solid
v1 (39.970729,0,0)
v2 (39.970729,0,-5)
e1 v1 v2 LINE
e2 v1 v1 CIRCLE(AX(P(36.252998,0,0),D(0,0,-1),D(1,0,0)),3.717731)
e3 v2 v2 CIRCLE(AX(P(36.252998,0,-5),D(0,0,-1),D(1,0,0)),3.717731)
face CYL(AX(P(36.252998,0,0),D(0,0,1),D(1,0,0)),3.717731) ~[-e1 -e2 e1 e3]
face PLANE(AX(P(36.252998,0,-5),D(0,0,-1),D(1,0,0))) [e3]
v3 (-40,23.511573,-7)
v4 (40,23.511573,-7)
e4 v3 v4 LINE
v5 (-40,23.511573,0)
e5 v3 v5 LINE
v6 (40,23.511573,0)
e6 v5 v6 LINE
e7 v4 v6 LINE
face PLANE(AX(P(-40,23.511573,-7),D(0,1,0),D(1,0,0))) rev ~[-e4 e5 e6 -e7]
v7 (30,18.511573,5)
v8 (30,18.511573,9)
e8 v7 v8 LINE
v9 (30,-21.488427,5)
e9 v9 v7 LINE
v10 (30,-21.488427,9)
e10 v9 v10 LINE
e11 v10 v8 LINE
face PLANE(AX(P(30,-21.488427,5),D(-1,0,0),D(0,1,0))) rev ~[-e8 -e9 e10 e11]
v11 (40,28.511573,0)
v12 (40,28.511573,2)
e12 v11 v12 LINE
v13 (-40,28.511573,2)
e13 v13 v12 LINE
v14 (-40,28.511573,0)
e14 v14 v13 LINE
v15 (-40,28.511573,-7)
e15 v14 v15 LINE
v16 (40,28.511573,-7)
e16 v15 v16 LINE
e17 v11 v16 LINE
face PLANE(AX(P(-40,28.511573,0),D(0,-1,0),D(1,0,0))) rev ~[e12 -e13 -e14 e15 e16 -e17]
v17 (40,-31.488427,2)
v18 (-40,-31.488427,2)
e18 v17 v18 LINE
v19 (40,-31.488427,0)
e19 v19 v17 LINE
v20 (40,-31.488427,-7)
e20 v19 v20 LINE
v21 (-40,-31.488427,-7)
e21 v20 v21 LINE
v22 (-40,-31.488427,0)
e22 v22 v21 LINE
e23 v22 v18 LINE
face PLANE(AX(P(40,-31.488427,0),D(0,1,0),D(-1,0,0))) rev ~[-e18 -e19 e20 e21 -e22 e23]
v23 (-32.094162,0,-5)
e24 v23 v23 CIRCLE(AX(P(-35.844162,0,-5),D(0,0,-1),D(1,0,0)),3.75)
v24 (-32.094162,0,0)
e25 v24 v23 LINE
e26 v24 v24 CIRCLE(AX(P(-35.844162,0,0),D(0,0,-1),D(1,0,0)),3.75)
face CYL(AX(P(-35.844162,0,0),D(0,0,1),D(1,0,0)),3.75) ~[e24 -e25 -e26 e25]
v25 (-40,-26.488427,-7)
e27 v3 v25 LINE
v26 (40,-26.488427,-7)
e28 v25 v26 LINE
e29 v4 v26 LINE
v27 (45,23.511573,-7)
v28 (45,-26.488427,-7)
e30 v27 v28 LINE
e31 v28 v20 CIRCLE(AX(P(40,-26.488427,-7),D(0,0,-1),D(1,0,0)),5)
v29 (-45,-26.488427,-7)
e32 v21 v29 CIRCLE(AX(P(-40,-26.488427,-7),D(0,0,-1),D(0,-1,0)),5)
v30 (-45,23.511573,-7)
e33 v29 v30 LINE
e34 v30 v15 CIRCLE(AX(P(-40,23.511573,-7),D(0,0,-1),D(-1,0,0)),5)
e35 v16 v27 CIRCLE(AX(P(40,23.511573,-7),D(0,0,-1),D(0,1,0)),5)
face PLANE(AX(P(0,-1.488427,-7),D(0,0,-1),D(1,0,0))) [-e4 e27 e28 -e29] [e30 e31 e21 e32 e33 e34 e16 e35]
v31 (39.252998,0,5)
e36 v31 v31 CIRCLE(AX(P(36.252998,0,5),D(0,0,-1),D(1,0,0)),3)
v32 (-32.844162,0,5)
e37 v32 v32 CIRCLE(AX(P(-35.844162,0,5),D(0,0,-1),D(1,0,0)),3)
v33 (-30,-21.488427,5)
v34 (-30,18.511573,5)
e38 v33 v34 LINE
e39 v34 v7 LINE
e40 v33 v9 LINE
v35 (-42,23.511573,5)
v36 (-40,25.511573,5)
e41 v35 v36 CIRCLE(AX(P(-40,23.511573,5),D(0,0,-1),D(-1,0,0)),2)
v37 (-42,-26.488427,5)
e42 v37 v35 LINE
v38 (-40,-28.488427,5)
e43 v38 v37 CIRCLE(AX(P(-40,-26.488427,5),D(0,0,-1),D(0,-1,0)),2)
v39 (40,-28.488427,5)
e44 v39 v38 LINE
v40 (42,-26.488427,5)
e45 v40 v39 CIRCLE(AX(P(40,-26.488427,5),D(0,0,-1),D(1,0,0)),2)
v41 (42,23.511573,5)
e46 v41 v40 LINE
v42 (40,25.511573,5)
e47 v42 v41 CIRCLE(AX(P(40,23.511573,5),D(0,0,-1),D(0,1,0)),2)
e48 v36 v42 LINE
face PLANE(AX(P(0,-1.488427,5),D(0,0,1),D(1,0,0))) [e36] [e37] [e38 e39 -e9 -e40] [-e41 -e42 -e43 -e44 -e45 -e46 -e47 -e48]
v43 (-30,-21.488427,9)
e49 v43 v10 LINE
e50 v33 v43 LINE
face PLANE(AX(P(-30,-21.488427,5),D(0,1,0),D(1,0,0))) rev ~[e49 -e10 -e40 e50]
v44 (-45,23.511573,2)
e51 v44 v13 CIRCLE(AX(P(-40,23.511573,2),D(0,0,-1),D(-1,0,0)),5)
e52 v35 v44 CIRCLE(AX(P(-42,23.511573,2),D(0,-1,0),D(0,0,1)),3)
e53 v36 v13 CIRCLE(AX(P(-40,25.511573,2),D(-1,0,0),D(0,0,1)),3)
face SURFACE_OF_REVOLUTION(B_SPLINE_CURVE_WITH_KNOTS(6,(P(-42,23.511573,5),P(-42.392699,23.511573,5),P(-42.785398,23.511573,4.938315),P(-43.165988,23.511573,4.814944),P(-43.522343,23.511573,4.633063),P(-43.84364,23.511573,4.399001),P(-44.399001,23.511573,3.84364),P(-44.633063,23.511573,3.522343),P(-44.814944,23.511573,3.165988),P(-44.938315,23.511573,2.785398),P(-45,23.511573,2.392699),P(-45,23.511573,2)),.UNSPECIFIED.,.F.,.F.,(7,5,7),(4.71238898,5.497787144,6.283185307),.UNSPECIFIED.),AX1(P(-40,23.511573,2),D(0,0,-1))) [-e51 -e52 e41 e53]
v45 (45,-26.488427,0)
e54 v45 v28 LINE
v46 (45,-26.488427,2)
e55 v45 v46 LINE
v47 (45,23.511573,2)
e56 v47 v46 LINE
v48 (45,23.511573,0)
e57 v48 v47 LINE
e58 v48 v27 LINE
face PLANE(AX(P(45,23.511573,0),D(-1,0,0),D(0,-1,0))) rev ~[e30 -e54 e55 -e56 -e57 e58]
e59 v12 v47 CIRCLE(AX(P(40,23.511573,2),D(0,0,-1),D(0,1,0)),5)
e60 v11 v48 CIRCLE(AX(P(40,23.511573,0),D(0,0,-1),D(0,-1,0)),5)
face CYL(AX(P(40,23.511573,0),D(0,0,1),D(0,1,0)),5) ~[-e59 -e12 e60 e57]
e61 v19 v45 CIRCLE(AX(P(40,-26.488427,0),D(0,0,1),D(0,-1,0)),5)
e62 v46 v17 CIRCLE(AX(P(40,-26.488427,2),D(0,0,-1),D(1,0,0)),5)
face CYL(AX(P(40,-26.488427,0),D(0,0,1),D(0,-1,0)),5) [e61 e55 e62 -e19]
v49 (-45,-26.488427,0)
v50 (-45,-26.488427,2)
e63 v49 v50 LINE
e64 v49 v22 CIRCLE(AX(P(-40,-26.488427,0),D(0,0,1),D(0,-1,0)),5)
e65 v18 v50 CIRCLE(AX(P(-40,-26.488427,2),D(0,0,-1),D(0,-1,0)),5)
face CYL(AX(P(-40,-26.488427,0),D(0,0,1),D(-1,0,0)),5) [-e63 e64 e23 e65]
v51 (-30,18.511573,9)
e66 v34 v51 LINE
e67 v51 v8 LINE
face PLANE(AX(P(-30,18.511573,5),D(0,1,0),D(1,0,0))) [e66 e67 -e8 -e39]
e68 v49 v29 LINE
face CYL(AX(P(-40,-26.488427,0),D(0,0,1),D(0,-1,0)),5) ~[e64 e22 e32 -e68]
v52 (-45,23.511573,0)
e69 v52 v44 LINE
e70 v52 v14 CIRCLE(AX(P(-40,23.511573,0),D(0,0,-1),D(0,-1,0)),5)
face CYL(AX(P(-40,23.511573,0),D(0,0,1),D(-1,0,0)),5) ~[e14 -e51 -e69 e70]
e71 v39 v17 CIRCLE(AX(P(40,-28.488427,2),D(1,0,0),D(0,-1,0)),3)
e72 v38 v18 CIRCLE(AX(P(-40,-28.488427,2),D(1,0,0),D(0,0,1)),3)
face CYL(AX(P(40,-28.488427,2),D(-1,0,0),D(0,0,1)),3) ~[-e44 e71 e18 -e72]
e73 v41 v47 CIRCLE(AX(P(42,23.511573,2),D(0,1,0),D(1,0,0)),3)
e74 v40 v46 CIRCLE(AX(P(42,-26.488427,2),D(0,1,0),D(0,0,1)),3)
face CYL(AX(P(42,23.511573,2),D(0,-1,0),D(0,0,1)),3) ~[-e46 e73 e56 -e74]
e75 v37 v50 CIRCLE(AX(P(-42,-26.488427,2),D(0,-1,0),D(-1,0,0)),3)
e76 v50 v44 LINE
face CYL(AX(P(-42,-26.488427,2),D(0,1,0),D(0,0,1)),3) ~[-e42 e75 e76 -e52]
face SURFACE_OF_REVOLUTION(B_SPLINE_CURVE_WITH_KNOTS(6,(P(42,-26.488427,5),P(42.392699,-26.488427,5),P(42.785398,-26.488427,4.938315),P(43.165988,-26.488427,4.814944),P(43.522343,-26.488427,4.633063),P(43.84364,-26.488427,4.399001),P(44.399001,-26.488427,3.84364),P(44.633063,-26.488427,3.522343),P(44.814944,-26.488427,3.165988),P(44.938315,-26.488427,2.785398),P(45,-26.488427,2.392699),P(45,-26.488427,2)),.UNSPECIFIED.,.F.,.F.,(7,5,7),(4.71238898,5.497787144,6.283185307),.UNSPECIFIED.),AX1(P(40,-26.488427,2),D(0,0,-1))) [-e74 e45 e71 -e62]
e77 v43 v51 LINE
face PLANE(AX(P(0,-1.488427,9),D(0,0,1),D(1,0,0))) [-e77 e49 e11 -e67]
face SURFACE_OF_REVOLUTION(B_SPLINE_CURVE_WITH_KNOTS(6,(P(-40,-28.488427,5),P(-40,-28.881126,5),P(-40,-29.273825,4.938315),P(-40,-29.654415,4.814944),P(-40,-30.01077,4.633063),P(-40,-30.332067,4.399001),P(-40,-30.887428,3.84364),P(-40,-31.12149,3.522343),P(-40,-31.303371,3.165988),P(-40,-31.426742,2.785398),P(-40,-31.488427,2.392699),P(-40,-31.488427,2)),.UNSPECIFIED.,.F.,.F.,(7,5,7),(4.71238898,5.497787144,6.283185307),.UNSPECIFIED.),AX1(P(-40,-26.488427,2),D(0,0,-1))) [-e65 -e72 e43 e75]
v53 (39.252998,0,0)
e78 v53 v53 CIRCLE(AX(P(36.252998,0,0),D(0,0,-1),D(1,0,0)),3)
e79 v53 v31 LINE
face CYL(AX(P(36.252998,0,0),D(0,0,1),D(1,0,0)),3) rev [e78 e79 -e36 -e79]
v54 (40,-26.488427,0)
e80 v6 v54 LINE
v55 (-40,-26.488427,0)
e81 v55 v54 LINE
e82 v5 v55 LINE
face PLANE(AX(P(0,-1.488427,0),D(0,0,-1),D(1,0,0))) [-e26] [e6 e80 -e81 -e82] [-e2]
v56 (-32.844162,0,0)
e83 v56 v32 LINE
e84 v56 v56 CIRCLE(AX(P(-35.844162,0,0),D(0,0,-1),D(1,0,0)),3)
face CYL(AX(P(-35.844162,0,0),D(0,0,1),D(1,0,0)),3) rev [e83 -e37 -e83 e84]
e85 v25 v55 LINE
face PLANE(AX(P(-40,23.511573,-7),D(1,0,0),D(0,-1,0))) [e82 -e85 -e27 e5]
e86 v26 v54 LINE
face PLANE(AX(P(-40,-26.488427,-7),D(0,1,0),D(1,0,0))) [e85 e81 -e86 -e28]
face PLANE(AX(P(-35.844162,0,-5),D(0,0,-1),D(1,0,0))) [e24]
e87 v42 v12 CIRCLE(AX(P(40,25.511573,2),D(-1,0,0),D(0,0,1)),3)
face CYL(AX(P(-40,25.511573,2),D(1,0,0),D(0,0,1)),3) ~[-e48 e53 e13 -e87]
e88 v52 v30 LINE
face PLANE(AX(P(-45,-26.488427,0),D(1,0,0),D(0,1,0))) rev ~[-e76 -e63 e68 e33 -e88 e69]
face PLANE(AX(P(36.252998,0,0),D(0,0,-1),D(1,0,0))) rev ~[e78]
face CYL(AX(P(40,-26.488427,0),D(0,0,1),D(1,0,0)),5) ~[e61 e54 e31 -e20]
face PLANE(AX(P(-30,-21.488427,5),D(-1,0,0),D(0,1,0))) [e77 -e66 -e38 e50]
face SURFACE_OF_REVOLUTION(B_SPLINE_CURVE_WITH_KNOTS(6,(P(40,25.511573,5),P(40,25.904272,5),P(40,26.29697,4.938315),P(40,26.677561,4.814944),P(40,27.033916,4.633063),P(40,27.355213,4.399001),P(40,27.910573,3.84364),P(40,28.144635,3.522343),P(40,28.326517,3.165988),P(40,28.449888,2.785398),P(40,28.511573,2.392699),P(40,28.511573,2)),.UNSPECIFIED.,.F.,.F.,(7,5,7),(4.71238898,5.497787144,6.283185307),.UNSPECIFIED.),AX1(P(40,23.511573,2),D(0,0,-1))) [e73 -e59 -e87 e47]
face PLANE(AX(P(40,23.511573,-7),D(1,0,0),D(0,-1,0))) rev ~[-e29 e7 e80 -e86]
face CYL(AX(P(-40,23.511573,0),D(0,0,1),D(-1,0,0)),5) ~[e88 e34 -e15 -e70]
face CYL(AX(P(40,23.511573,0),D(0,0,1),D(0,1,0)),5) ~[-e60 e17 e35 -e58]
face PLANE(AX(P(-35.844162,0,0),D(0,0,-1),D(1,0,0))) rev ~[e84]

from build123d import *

# Parameters (mm, degrees)
F0_W      = 90
F0_H      = 60
F1_DEPTH  = 5
F2_W      = 60
F2_H      = 40
F3_DEPTH  = 4
F4_R      = 5
F5_R      = 3
F7_R      = 3
F8_DEPTH  = 10
F9_R      = 3
F10_DEPTH = 7
F11_W     = 80
F11_H     = 50
F11_R     = 3
F12_DEPTH = 7
F13_R     = 3.75
F14_DEPTH = 5
F15_R     = 3.7177308685
F16_DEPTH = 5


with BuildPart() as f1:
    # F0 (on Top) → F1 (new body)
    with BuildSketch(Plane.XY):
        with Locations((0, -1.4884271659)):
            Rectangle(F0_W, F0_H)
    extrude(amount=F1_DEPTH)

    # F2 (on face) → F3 (join)
    with BuildSketch(Plane.XY.offset(5)):
        with Locations((0, -1.4884271659)):
            Rectangle(F2_W, F2_H)
    extrude(amount=F3_DEPTH)

    # F4
    f4_edges = [f1.edges().sort_by_distance(p)[0] for p in [
        (-45, 28.511573, 2.5),
        (45, 28.511573, 2.5),
        (45, -31.488427, 2.5),
        (-45, -31.488427, 2.5),
    ]]
    fillet(f4_edges, radius=F4_R)

    # F5
    f5_edges = [f1.edges().sort_by_distance(p)[0] for p in [
        (0, 28.511573, 5),
    ]]
    fillet(f5_edges, radius=F5_R)

    # F7 (on Top) → F8 (cut)
    with BuildSketch(Plane.XY):
        with Locations((-35.8441621065, 0)):
            Circle(F7_R)
        with Locations((36.2529978156, 0)):
            Circle(F7_R)
    extrude(amount=F8_DEPTH, mode=Mode.SUBTRACT)

    # F9 (on face) → F10 (join)
    with BuildSketch(Plane(origin=(0, 0, 0), x_dir=(1, 0, 0), z_dir=(0, 0, -1))):
        with BuildLine():
            ThreePointArc((40, -28.5115728341), (43.5355339059, -27.04710674), (45, -23.5115728341))
            Line((45, -23.5115728341), (45, 26.4884271659))
            ThreePointArc((45, 26.4884271659), (43.5355339059, 30.0239610718), (40, 31.4884271659))
            Line((40, 31.4884271659), (-40, 31.4884271659))
            ThreePointArc((-40, 31.4884271659), (-43.5355339059, 30.0239610718), (-45, 26.4884271659))
            Line((-45, 26.4884271659), (-45, -23.5115728341))
            ThreePointArc((-45, -23.5115728341), (-43.5355339059, -27.04710674), (-40, -28.5115728341))
            Line((-40, -28.5115728341), (40, -28.5115728341))
        make_face()
        with Locations((-35.8441621065, 0)):
            Circle(F9_R, mode=Mode.SUBTRACT)
        with Locations((36.2529978156, 0)):
            Circle(F9_R, mode=Mode.SUBTRACT)
    extrude(amount=F10_DEPTH)

    # F11 (on face) → F12 (cut)
    with BuildSketch(Plane(origin=(0, 0, -7), x_dir=(1, 0, 0), z_dir=(0, 0, -1))):
        with Locations((0, 1.4884271659)):
            Rectangle(F11_W, F11_H)
        with Locations((-35.8441621065, 0)):
            Circle(F11_R, mode=Mode.SUBTRACT)
        with Locations((36.2529978156, 0)):
            Circle(F11_R, mode=Mode.SUBTRACT)
    extrude(amount=-F12_DEPTH, mode=Mode.SUBTRACT)

    # F13 (on face) → F14 (join)
    with BuildSketch(Plane(origin=(0, 0, 0), x_dir=(1, 0, 0), z_dir=(0, 0, -1))):
        with Locations((-35.8441621065, 0)):
            Circle(F13_R)
    extrude(amount=F14_DEPTH)

    # F15 (on face) → F16 (join)
    with BuildSketch(Plane(origin=(0, 0, 0), x_dir=(1, 0, 0), z_dir=(0, 0, -1))):
        with Locations((36.2529978156, 0)):
            Circle(F15_R)
    extrude(amount=F16_DEPTH)


solid = f1.part
